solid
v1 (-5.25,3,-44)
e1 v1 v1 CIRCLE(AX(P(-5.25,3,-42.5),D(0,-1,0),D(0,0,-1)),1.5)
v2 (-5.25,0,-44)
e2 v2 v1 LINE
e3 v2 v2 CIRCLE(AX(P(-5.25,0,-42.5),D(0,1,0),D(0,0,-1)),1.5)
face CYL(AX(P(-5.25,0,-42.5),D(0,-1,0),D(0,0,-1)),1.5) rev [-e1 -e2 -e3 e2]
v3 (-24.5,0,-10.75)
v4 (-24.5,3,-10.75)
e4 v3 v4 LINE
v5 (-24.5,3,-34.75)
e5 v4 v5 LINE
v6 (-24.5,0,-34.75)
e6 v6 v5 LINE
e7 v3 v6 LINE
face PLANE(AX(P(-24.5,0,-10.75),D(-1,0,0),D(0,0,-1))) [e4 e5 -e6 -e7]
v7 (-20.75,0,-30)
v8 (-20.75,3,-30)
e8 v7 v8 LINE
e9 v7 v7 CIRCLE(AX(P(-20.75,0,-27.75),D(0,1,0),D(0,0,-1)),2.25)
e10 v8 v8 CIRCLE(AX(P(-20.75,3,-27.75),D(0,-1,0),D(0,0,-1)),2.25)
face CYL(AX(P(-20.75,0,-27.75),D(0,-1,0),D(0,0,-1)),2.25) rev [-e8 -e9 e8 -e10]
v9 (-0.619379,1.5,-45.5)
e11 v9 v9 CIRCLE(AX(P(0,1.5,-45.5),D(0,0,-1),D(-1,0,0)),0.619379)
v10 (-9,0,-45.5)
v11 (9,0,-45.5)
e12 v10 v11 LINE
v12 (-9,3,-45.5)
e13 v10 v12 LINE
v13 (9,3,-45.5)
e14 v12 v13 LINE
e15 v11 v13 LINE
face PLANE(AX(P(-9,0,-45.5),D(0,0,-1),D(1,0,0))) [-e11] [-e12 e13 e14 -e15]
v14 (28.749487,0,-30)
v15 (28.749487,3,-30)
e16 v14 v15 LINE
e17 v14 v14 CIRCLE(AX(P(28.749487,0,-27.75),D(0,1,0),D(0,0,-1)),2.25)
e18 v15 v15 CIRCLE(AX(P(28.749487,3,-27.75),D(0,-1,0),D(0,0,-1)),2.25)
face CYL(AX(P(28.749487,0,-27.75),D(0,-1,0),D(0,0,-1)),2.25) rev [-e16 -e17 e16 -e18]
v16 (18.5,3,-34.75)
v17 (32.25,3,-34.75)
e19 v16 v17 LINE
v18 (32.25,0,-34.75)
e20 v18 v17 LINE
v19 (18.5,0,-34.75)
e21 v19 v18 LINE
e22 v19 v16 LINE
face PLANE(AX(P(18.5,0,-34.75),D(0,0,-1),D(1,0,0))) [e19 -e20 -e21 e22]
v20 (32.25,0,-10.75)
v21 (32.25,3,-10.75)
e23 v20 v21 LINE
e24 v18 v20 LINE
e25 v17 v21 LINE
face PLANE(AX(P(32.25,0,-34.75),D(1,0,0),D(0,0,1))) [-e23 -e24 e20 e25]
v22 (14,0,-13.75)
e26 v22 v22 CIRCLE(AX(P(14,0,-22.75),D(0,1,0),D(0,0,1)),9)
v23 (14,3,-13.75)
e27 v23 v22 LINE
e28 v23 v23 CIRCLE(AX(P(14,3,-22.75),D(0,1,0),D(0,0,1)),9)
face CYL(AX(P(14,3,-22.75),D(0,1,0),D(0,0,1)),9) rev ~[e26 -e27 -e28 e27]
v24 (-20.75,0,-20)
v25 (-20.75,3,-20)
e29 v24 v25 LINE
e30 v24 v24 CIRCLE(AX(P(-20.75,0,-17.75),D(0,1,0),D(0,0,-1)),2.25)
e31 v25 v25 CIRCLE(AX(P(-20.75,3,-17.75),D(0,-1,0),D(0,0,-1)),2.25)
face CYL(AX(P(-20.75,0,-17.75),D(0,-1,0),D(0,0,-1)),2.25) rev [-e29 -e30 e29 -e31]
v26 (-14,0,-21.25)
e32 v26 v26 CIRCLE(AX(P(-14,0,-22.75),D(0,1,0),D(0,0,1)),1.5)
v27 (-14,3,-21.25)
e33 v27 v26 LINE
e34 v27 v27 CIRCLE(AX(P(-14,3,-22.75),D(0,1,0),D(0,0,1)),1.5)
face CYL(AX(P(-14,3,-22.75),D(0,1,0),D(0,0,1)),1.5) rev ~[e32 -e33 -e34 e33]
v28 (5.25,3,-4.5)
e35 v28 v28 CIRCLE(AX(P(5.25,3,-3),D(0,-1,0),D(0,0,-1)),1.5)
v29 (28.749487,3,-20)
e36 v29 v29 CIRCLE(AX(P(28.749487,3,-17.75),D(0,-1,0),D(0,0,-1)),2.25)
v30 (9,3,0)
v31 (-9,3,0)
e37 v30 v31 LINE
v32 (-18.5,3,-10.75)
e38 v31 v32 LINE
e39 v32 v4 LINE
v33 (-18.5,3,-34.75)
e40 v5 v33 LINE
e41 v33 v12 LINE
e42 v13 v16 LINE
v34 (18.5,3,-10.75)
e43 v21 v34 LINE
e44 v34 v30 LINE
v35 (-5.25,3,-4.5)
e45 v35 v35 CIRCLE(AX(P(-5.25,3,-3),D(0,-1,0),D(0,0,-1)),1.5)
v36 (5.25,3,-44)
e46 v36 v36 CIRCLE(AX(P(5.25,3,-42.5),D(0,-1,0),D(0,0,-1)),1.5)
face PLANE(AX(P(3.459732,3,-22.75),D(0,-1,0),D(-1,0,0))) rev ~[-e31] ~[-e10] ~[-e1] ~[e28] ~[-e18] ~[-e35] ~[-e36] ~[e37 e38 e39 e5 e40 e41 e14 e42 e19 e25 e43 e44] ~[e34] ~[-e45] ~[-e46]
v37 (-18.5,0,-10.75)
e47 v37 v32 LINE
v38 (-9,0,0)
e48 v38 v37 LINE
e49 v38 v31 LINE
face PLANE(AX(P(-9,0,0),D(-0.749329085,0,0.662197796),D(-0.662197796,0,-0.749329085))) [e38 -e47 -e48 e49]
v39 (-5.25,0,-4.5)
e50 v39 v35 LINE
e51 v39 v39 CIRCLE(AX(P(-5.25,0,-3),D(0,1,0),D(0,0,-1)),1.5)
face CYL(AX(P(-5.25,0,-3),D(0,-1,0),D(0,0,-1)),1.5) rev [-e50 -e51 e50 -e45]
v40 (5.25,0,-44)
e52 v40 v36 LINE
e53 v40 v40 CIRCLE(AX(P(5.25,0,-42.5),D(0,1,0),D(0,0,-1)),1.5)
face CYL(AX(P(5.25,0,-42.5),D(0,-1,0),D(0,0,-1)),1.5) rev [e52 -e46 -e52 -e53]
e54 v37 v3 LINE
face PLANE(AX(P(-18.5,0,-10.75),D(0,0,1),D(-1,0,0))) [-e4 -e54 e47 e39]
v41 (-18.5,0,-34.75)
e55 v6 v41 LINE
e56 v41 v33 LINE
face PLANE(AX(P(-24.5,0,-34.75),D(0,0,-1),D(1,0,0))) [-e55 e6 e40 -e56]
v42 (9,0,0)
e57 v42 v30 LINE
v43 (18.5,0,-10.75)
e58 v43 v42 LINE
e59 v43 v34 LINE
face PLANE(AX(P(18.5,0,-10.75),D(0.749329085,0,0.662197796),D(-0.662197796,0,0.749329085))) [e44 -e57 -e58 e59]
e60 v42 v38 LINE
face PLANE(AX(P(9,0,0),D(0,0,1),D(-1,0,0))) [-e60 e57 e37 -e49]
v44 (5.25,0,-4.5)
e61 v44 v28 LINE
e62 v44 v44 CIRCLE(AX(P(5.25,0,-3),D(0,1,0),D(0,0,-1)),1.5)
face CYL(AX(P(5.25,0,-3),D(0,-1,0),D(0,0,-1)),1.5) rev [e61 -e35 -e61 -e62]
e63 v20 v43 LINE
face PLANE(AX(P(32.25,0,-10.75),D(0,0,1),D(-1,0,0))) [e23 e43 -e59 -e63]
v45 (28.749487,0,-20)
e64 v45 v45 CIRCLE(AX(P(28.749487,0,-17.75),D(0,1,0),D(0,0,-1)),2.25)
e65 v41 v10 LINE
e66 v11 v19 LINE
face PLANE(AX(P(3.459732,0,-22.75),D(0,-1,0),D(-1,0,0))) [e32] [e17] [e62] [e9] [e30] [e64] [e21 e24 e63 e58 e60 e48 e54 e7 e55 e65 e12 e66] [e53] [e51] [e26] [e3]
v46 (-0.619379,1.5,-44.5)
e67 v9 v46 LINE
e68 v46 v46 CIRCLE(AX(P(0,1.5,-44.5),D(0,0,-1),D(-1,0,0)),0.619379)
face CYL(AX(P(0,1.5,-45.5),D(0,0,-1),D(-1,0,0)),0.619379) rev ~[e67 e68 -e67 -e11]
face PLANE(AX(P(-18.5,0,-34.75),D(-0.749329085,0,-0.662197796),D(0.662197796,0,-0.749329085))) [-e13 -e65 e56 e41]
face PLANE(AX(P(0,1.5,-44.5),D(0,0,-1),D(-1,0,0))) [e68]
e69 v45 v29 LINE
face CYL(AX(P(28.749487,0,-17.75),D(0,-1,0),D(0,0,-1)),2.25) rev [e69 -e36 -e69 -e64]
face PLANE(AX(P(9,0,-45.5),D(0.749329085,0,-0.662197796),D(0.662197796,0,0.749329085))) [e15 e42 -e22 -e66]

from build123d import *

# Parameters (mm, degrees)
BOSS_EXTRUDE1_DEPTH = 3
SKETCH2_R           = 9
SKETCH2_R_2         = 1.5
CUT_EXTRUDE1_DEPTH  = 3
SKETCH3_R           = 1.5
CUT_EXTRUDE2_DEPTH  = 12
SKETCH4_R           = 2.25
CUT_EXTRUDE3_DEPTH  = 27
SKETCH5_R           = 0.619378792
CUT_EXTRUDE4_DEPTH  = 1


with BuildPart() as part:
    # Sketch1 → Boss-Extrude1 (new body)
    with BuildSketch(Plane(origin=(0, 0, 0), x_dir=(1, 0, 0), z_dir=(0, 1, 0))):
        Polygon((9, 0), (-9, 0), (-18.5, 10.75), (-24.5, 10.75), (-24.5, 34.75), (-18.5, 34.75), (-9, 45.5), (9, 45.5), (18.5, 34.75), (32.25, 34.75), (32.25, 10.75), (18.5, 10.75), align=None)
    extrude(amount=BOSS_EXTRUDE1_DEPTH)

    # Sketch2 → Cut-Extrude1 (cut)
    with BuildSketch(Plane(origin=(0, 3, 0), x_dir=(1, 0, 0), z_dir=(0, 1, 0))):
        with Locations(Location((14, 22.75, 0), (0, 0, 270))):
            Circle(SKETCH2_R)
        with Locations(Location((-14, 22.75, 0), (0, 0, 270))):
            Circle(SKETCH2_R_2)
    extrude(amount=-CUT_EXTRUDE1_DEPTH, mode=Mode.SUBTRACT)

    # Sketch3 → Cut-Extrude2 (cut)
    with BuildSketch(Plane(origin=(0, 0, 0), x_dir=(1, 0, 0), z_dir=(0, 1, 0))):
        with Locations(Location((-5.25, 42.5, 0), (0, 0, 90))):
            Circle(SKETCH3_R)
        with Locations(Location((5.25, 42.5, 0), (0, 0, 90))):
            Circle(SKETCH3_R)
        with Locations(Location((5.25, 3, 0), (0, 0, 90))):
            Circle(SKETCH3_R)
        with Locations(Location((-5.25, 3, 0), (0, 0, 90))):
            Circle(SKETCH3_R)
    extrude(amount=CUT_EXTRUDE2_DEPTH, mode=Mode.SUBTRACT)

    # Sketch4 → Cut-Extrude3 (cut)
    with BuildSketch(Plane(origin=(0, 0, 0), x_dir=(1, 0, 0), z_dir=(0, 1, 0))):
        with Locations(Location((-20.75, 27.75, 0), (0, 0, 90))):
            Circle(SKETCH4_R)
        with Locations(Location((-20.75, 17.75, 0), (0, 0, 90))):
            Circle(SKETCH4_R)
        with Locations(Location((28.749486719, 17.75, 0), (0, 0, 90))):
            Circle(SKETCH4_R)
        with Locations(Location((28.749486719, 27.75, 0), (0, 0, 90))):
            Circle(SKETCH4_R)
    extrude(amount=CUT_EXTRUDE3_DEPTH, mode=Mode.SUBTRACT)

    # Sketch5 → Cut-Extrude4 (cut)
    with BuildSketch(Plane(origin=(0, 0, -45.5), x_dir=(-1, 0, 0), z_dir=(0, 0, -1))):
        with Locations((0, 1.5)):
            Circle(SKETCH5_R)
    extrude(amount=-CUT_EXTRUDE4_DEPTH, mode=Mode.SUBTRACT)


solid = part.part
